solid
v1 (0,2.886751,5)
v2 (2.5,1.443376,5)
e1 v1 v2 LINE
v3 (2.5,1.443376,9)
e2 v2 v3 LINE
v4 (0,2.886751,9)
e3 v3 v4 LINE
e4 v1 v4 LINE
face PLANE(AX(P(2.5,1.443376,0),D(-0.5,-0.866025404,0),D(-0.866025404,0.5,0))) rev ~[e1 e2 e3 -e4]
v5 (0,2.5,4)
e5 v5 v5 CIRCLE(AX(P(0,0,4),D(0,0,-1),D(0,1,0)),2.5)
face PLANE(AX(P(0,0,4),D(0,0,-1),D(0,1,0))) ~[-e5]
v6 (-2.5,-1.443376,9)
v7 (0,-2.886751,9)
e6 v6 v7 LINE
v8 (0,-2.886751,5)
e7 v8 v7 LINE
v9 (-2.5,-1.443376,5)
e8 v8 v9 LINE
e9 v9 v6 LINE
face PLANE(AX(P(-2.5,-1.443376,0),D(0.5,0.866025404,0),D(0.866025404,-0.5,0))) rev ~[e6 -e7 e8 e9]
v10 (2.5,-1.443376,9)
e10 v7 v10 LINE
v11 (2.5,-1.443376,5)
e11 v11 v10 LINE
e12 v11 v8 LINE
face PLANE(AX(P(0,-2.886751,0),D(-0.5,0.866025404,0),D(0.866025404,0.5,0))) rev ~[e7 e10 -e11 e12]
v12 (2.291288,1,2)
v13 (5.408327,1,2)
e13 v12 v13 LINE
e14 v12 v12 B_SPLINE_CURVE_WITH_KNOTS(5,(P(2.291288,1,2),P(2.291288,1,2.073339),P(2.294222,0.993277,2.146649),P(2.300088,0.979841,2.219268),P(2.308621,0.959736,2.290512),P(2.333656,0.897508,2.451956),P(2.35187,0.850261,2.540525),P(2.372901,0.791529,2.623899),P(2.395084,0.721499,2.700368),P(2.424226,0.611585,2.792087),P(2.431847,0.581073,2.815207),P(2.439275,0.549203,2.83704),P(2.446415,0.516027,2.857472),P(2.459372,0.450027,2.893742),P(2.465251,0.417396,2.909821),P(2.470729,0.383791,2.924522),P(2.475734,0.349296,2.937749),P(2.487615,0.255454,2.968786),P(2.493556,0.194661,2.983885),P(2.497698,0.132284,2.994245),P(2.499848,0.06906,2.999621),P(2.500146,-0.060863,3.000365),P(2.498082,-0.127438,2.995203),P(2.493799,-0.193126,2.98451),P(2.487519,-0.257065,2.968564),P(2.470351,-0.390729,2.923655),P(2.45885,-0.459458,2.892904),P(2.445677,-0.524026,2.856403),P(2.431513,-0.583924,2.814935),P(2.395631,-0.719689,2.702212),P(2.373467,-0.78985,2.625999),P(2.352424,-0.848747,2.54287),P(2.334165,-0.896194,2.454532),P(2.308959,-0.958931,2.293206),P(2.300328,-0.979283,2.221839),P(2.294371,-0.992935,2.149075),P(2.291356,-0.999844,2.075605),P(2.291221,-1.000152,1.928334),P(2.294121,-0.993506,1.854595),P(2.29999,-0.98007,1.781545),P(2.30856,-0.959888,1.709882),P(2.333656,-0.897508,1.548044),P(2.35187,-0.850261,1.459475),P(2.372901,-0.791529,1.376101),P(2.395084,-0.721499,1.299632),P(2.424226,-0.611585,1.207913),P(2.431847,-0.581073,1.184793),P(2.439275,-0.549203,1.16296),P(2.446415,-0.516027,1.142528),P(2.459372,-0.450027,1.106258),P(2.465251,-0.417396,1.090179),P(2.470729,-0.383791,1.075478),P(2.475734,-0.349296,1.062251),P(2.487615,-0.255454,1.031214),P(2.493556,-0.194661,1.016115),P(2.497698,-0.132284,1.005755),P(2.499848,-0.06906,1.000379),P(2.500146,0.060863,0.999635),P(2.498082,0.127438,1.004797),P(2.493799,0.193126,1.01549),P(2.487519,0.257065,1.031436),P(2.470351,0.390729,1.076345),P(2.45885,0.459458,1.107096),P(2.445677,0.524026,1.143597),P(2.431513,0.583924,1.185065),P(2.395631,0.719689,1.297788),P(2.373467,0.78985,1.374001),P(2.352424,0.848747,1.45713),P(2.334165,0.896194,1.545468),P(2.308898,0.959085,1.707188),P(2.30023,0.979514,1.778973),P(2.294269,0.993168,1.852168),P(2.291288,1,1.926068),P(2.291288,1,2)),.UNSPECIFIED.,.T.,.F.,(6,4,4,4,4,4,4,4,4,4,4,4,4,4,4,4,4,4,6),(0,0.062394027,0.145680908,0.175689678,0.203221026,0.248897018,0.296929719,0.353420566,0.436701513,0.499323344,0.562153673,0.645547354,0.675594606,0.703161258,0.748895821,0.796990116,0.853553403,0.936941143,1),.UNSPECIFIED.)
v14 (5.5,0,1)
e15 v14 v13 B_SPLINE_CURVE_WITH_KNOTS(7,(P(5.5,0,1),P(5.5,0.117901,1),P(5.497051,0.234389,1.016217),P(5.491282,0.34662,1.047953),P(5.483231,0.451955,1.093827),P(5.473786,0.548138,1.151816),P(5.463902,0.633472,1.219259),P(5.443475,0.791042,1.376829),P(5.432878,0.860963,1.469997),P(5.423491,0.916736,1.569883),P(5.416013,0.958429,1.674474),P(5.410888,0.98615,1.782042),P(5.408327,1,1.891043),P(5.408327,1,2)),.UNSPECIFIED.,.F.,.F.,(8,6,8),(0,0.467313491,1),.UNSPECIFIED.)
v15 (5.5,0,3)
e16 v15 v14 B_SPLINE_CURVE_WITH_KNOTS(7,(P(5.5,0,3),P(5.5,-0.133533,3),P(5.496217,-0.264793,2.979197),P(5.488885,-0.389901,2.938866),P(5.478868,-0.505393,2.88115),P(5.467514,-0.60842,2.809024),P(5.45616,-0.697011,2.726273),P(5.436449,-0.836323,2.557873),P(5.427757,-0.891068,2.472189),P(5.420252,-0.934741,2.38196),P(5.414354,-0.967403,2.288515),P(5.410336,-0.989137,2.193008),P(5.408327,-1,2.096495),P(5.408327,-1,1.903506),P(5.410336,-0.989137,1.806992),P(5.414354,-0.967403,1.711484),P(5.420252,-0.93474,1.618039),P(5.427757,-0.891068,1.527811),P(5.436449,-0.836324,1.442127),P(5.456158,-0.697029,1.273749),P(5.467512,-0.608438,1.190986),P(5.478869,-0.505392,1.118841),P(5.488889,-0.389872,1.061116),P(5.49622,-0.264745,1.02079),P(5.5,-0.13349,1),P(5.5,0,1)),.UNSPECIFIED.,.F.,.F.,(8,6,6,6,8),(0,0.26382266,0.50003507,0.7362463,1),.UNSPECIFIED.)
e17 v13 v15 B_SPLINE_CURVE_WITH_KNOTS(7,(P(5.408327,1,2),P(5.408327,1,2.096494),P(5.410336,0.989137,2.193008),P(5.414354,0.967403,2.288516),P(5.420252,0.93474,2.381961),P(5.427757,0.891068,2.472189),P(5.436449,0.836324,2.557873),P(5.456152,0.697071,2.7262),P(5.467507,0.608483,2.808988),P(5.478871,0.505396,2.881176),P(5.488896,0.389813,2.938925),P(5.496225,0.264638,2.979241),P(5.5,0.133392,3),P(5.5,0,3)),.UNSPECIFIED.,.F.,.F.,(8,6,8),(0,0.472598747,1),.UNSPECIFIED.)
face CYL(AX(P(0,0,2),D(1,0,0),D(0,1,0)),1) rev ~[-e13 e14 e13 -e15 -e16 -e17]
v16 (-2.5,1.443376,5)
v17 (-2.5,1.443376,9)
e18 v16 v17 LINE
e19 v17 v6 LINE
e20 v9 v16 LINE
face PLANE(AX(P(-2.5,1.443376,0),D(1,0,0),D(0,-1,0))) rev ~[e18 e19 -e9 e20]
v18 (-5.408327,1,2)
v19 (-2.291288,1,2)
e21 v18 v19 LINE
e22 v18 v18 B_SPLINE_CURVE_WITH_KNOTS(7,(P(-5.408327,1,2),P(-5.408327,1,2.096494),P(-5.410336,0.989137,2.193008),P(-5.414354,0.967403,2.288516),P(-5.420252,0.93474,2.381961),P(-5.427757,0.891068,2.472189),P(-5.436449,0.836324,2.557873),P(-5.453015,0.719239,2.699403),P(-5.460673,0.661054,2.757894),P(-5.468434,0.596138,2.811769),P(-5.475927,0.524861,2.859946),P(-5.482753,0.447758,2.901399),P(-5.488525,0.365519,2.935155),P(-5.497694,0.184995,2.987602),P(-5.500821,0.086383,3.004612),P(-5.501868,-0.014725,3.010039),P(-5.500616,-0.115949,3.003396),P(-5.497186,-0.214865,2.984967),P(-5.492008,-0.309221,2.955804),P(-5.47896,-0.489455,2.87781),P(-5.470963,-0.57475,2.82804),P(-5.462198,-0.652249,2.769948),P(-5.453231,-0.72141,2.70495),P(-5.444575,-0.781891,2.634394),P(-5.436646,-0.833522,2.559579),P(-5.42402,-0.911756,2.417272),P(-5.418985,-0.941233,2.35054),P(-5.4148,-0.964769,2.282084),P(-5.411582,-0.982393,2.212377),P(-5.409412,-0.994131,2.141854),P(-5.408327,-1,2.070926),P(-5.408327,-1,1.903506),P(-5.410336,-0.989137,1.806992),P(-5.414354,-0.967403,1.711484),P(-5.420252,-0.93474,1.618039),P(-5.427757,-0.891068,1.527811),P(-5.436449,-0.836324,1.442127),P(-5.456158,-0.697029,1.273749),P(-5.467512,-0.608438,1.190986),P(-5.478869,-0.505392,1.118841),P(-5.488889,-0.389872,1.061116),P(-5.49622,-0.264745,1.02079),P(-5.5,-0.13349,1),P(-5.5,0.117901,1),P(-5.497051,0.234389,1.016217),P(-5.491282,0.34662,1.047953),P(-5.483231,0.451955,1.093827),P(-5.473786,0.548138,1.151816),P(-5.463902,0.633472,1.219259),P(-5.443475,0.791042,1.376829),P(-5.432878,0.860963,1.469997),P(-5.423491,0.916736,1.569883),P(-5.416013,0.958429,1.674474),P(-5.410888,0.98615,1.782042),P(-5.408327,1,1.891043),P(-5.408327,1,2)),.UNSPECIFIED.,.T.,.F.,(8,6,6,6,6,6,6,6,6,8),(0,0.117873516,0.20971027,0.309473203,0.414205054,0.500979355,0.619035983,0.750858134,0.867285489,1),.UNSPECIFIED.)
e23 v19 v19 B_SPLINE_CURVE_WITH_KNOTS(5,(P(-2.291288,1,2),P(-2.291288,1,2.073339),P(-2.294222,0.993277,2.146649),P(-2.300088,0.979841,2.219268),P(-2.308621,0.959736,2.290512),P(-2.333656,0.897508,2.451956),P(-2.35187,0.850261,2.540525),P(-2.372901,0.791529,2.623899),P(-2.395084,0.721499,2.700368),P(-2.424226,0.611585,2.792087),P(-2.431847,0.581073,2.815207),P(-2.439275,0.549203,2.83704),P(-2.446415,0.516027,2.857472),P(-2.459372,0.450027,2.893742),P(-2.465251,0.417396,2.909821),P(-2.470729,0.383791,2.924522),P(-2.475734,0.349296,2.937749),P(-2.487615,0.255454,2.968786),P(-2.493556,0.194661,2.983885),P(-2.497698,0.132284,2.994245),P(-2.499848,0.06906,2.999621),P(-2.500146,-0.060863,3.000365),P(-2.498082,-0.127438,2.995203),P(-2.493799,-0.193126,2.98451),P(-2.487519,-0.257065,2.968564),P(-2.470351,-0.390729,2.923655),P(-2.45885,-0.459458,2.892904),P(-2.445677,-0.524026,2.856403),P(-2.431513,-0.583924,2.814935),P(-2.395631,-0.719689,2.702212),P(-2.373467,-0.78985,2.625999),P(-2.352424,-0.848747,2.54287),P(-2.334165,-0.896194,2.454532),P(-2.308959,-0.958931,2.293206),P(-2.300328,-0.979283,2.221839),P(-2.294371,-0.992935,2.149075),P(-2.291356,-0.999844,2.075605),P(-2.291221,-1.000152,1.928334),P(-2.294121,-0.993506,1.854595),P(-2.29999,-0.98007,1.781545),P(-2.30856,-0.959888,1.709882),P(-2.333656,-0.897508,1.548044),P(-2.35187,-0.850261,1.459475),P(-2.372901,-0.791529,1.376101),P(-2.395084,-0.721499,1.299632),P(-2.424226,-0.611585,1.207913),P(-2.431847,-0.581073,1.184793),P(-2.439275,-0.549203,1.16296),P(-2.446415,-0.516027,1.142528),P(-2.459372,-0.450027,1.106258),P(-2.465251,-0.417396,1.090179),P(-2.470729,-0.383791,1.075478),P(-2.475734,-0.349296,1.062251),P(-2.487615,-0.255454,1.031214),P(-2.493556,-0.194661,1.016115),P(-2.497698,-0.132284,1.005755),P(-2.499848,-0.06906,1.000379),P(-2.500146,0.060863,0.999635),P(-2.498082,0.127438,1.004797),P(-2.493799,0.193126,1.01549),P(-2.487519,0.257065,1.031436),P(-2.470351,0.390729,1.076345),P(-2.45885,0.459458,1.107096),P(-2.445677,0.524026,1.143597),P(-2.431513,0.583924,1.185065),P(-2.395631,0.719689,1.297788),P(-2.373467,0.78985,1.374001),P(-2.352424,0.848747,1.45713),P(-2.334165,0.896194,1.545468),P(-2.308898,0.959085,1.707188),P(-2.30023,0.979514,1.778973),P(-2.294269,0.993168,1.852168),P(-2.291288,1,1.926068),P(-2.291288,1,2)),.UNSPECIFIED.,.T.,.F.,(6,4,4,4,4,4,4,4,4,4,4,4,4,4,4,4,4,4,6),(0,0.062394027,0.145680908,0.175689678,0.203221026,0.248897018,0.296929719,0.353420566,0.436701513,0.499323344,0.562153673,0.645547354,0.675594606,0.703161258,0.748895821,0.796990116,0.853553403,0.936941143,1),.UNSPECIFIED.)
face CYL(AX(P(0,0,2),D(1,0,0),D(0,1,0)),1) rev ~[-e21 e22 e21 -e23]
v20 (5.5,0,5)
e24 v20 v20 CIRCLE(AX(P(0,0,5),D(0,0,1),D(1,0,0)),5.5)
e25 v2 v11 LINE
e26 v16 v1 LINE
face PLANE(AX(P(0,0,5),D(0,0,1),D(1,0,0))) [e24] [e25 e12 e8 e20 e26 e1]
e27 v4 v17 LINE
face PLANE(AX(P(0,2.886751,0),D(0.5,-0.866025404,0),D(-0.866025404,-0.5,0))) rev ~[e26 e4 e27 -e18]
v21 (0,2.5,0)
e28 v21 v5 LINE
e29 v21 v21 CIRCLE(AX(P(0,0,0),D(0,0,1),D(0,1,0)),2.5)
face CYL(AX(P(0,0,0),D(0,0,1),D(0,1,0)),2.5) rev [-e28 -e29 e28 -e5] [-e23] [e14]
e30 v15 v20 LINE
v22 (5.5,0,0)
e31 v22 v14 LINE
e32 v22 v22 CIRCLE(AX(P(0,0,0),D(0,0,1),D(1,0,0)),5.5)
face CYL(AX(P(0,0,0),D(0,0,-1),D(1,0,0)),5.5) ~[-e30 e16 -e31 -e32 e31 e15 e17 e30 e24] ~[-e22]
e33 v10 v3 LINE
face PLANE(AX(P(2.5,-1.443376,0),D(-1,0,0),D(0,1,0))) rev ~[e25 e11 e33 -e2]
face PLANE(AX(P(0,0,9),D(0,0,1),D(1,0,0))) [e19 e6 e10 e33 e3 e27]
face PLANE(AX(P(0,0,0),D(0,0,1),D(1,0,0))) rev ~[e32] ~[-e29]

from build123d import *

# Parameters (mm, degrees)
F1_DEPTH = 9
F0_R     = 5.5
F2_DEPTH = 5
F3_W     = 2.5
F3_H     = 8
F5_R     = 1
F6_DEPTH = 12.5


with BuildPart() as f1:
    # F0 (on Top) → F1 (new body)
    with BuildSketch(Plane.XY):
        Polygon((0, 2.8867513459), (-2.5, 1.443375673), (-2.5, -1.443375673), (0, -2.8867513459), (2.5, -1.443375673), (2.5, 1.443375673), align=None)
    extrude(amount=F1_DEPTH)

    # F0 (on Top) → F2 (join)
    with BuildSketch(Plane.XY):
        Circle(F0_R)
        Polygon((-2.5, -1.443375673), (-2.5, 1.443375673), (0, 2.8867513459), (2.5, 1.443375673), (2.5, -1.443375673), (0, -2.8867513459), align=None, mode=Mode.SUBTRACT)
    extrude(amount=F2_DEPTH)

    # F3 (on Right) → F4 (revolve, cut)
    with BuildSketch(Plane.YZ):
        with Locations((1.25, 0)):
            Rectangle(F3_W, F3_H)
    revolve(axis=Axis((0, 0, -0.2936716191), (0, 0, -1)), mode=Mode.SUBTRACT)

    # F5 (on Right) → F6 (cut, symmetric)
    with BuildSketch(Plane.YZ):
        with Locations((0, 2)):
            Circle(F5_R)
    extrude(amount=F6_DEPTH, both=True, mode=Mode.SUBTRACT)


solid = f1.part
